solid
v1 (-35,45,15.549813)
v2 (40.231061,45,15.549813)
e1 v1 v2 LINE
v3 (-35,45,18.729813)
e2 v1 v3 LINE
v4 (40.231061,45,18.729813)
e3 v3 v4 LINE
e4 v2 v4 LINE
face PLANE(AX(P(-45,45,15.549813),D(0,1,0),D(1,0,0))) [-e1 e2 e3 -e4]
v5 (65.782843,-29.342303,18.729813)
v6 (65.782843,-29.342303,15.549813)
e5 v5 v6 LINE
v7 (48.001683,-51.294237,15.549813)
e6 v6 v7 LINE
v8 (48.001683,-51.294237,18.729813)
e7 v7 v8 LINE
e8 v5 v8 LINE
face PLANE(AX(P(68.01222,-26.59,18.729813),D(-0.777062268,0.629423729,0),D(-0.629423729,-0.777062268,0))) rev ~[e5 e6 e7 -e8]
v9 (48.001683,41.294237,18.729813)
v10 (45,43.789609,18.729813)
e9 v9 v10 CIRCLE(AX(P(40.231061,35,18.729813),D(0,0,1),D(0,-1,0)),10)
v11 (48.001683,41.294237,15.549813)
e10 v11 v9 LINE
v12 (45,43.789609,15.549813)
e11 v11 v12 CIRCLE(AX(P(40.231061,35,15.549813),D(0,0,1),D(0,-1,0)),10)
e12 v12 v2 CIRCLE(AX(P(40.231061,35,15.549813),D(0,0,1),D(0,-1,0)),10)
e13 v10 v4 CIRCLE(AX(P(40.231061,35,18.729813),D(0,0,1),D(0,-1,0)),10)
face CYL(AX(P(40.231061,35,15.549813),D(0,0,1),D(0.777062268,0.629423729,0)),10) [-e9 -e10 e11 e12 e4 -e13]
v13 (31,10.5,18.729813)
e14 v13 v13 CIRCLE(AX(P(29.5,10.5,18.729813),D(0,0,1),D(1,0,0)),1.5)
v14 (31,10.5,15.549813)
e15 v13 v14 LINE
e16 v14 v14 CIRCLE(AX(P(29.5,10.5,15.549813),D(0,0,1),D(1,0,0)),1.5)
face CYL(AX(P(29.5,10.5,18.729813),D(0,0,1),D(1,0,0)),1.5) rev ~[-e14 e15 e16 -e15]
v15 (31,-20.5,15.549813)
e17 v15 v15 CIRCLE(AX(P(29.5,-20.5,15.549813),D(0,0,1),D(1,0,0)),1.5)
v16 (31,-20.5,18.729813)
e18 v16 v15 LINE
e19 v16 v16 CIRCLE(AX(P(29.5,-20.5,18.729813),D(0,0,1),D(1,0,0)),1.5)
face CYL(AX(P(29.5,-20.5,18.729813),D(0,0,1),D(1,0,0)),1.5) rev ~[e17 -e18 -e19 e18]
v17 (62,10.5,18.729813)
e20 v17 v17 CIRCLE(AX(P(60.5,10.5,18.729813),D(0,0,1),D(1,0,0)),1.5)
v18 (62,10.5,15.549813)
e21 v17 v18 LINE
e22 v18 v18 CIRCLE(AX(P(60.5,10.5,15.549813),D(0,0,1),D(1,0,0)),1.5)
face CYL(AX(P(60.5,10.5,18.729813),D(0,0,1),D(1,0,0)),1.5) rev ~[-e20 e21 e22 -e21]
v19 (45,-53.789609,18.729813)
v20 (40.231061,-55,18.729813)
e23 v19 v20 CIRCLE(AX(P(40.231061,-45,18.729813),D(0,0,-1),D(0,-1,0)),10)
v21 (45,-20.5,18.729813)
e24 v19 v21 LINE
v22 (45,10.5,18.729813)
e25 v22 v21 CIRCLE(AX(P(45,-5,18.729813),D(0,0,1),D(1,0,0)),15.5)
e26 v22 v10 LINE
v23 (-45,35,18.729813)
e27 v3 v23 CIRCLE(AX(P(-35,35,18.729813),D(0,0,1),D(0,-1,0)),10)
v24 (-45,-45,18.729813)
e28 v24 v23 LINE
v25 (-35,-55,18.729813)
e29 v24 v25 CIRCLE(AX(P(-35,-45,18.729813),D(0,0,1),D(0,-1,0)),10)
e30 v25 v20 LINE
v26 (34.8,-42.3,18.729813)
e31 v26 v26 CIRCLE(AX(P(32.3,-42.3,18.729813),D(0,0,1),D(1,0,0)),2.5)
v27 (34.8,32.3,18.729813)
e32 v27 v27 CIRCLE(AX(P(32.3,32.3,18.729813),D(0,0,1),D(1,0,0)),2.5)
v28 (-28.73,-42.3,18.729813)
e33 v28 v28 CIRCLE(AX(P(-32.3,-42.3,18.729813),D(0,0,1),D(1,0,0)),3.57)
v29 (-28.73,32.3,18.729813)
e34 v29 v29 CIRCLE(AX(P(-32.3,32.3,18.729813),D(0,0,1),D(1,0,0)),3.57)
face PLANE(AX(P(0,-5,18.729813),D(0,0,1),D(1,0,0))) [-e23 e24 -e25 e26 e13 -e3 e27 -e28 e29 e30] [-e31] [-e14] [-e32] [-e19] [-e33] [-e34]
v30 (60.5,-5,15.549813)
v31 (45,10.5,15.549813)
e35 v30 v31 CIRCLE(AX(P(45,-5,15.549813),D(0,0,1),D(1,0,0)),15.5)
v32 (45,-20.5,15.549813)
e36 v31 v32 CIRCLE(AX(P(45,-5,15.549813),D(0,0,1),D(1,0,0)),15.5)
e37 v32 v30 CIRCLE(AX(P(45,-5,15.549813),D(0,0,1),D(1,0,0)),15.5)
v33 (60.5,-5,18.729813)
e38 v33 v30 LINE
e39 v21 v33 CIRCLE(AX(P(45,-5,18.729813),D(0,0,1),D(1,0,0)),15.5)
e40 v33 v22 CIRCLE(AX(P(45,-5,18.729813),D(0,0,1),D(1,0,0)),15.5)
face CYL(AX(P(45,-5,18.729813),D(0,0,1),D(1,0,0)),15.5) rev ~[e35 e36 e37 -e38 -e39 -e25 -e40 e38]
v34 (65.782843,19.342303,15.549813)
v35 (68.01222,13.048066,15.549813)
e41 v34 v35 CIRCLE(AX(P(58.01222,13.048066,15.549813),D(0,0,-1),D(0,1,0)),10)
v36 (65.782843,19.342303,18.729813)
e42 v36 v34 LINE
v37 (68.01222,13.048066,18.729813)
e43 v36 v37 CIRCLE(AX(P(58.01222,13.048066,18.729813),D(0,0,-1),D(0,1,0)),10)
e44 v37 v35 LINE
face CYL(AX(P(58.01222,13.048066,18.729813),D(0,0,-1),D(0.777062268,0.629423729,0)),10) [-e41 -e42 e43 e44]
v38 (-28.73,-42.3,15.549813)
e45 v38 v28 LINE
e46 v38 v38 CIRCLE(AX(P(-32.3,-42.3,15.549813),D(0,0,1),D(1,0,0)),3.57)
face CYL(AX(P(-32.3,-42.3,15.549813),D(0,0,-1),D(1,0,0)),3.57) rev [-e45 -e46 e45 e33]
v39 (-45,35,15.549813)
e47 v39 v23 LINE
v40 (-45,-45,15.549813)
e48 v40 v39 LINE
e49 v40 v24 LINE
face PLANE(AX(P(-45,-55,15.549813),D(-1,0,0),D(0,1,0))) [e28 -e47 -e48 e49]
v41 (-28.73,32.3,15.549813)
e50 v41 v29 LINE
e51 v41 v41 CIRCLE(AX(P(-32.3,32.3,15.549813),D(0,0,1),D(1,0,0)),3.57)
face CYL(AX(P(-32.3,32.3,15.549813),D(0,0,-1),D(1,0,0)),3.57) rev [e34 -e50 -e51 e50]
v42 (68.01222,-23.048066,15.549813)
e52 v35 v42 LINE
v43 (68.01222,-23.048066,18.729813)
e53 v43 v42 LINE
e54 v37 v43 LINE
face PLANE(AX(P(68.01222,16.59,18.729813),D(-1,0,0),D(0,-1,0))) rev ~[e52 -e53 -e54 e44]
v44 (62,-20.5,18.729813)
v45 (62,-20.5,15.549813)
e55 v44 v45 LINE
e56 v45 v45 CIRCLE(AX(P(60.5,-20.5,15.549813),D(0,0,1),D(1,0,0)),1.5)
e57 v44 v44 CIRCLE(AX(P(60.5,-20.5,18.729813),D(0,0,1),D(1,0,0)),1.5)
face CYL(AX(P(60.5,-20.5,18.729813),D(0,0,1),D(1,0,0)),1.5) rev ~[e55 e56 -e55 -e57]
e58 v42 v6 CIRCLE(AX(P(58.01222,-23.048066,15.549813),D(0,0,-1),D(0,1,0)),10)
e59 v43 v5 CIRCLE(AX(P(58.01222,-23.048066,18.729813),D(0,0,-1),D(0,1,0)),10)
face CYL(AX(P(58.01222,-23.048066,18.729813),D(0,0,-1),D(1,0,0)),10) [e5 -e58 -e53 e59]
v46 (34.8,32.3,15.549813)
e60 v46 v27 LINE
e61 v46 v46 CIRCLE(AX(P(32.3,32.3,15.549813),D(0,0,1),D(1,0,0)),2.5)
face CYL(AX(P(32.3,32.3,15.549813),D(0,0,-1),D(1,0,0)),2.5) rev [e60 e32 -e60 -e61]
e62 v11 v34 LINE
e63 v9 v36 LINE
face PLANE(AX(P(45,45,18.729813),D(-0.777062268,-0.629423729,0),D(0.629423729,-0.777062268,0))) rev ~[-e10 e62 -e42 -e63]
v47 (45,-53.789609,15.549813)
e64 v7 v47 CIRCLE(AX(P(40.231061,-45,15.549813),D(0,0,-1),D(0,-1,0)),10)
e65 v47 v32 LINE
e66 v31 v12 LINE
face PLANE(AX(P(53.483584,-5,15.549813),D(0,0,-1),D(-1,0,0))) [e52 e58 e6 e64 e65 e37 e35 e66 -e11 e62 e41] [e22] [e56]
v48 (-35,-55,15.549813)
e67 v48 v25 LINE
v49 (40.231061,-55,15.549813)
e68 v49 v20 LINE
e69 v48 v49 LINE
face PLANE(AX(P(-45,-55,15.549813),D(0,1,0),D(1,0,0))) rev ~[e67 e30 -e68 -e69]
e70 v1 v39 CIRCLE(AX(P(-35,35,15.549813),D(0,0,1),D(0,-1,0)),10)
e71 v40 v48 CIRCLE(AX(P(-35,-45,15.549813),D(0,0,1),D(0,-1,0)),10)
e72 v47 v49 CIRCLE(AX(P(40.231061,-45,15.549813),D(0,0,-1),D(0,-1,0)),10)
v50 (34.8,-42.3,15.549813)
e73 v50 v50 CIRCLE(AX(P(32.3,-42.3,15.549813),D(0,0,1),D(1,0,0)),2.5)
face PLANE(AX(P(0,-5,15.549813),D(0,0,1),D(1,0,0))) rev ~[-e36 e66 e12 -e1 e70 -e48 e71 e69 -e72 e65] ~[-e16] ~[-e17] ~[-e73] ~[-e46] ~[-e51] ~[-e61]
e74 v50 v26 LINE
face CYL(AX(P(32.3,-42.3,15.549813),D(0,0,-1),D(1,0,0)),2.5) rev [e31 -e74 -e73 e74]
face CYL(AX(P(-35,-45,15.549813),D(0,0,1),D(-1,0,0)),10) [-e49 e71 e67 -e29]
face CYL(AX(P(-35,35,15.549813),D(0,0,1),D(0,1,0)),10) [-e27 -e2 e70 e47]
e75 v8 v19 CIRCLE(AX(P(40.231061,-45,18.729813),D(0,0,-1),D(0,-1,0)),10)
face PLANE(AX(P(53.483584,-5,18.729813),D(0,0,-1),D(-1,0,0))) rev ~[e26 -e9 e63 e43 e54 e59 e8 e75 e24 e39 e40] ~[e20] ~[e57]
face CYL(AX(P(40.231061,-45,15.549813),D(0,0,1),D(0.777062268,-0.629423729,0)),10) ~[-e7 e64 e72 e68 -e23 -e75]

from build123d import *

# Parameters (mm, degrees)
BOSS_EXTRUDE1_START = 15.549813
SKETCH1_W           = 90
SKETCH1_H           = 100
SKETCH1_R           = 2.5
SKETCH1_R_2         = 3.57
BOSS_EXTRUDE1_DEPTH = 3.18
BOSS_EXTRUDE2_DEPTH = 3.18
SKETCH3_R           = 1.5
SKETCH3_R_2         = 15.5
CUT_EXTRUDE1_DEPTH  = 10
FILLET1_R           = 10


with BuildPart() as part:
    # Sketch1 → Boss-Extrude1 (new body)
    with BuildSketch(Plane.XY.offset(BOSS_EXTRUDE1_START)):
        with Locations((0, -5)):
            Rectangle(SKETCH1_W, SKETCH1_H)
        with Locations((32.3, -42.3)):
            Circle(SKETCH1_R, mode=Mode.SUBTRACT)
        with Locations((-32.3, -42.3)):
            Circle(SKETCH1_R_2, mode=Mode.SUBTRACT)
        with Locations((-32.3, 32.3)):
            Circle(SKETCH1_R_2, mode=Mode.SUBTRACT)
        with Locations((32.3, 32.3)):
            Circle(SKETCH1_R, mode=Mode.SUBTRACT)
    extrude(amount=BOSS_EXTRUDE1_DEPTH)

    # Sketch2 → Boss-Extrude2 (add, through all)
    with BuildSketch(Plane.XY.offset(18.729812892)):
        Polygon((45, 45), (68.012220348, 16.59), (68.012220348, -26.59), (45, -55), align=None)
    extrude(amount=-BOSS_EXTRUDE2_DEPTH)

    # Sketch3 → Cut-Extrude1 (cut)
    with BuildSketch(Plane.XY.offset(18.729812892)):
        with Locations((29.5, 10.5)):
            Circle(SKETCH3_R)
        with Locations((60.5, 10.5)):
            Circle(SKETCH3_R)
        with Locations((60.5, -20.5)):
            Circle(SKETCH3_R)
        with Locations((29.5, -20.5)):
            Circle(SKETCH3_R)
        with Locations((45, -5)):
            Circle(SKETCH3_R_2)
    extrude(amount=-CUT_EXTRUDE1_DEPTH, mode=Mode.SUBTRACT)

    # Fillet1
    fillet1_edges = [part.edges().sort_by_distance(p)[0] for p in [
        (68.012220348, 16.59, 17.139812892),
        (68.012220348, -26.59, 17.139812892),
        (-45, 45, 17.139813),
        (45, 45, 17.139813),
        (45, -55, 17.139813),
        (-45, -55, 17.139813),
    ]]
    fillet(fillet1_edges, radius=FILLET1_R)


solid = part.part
